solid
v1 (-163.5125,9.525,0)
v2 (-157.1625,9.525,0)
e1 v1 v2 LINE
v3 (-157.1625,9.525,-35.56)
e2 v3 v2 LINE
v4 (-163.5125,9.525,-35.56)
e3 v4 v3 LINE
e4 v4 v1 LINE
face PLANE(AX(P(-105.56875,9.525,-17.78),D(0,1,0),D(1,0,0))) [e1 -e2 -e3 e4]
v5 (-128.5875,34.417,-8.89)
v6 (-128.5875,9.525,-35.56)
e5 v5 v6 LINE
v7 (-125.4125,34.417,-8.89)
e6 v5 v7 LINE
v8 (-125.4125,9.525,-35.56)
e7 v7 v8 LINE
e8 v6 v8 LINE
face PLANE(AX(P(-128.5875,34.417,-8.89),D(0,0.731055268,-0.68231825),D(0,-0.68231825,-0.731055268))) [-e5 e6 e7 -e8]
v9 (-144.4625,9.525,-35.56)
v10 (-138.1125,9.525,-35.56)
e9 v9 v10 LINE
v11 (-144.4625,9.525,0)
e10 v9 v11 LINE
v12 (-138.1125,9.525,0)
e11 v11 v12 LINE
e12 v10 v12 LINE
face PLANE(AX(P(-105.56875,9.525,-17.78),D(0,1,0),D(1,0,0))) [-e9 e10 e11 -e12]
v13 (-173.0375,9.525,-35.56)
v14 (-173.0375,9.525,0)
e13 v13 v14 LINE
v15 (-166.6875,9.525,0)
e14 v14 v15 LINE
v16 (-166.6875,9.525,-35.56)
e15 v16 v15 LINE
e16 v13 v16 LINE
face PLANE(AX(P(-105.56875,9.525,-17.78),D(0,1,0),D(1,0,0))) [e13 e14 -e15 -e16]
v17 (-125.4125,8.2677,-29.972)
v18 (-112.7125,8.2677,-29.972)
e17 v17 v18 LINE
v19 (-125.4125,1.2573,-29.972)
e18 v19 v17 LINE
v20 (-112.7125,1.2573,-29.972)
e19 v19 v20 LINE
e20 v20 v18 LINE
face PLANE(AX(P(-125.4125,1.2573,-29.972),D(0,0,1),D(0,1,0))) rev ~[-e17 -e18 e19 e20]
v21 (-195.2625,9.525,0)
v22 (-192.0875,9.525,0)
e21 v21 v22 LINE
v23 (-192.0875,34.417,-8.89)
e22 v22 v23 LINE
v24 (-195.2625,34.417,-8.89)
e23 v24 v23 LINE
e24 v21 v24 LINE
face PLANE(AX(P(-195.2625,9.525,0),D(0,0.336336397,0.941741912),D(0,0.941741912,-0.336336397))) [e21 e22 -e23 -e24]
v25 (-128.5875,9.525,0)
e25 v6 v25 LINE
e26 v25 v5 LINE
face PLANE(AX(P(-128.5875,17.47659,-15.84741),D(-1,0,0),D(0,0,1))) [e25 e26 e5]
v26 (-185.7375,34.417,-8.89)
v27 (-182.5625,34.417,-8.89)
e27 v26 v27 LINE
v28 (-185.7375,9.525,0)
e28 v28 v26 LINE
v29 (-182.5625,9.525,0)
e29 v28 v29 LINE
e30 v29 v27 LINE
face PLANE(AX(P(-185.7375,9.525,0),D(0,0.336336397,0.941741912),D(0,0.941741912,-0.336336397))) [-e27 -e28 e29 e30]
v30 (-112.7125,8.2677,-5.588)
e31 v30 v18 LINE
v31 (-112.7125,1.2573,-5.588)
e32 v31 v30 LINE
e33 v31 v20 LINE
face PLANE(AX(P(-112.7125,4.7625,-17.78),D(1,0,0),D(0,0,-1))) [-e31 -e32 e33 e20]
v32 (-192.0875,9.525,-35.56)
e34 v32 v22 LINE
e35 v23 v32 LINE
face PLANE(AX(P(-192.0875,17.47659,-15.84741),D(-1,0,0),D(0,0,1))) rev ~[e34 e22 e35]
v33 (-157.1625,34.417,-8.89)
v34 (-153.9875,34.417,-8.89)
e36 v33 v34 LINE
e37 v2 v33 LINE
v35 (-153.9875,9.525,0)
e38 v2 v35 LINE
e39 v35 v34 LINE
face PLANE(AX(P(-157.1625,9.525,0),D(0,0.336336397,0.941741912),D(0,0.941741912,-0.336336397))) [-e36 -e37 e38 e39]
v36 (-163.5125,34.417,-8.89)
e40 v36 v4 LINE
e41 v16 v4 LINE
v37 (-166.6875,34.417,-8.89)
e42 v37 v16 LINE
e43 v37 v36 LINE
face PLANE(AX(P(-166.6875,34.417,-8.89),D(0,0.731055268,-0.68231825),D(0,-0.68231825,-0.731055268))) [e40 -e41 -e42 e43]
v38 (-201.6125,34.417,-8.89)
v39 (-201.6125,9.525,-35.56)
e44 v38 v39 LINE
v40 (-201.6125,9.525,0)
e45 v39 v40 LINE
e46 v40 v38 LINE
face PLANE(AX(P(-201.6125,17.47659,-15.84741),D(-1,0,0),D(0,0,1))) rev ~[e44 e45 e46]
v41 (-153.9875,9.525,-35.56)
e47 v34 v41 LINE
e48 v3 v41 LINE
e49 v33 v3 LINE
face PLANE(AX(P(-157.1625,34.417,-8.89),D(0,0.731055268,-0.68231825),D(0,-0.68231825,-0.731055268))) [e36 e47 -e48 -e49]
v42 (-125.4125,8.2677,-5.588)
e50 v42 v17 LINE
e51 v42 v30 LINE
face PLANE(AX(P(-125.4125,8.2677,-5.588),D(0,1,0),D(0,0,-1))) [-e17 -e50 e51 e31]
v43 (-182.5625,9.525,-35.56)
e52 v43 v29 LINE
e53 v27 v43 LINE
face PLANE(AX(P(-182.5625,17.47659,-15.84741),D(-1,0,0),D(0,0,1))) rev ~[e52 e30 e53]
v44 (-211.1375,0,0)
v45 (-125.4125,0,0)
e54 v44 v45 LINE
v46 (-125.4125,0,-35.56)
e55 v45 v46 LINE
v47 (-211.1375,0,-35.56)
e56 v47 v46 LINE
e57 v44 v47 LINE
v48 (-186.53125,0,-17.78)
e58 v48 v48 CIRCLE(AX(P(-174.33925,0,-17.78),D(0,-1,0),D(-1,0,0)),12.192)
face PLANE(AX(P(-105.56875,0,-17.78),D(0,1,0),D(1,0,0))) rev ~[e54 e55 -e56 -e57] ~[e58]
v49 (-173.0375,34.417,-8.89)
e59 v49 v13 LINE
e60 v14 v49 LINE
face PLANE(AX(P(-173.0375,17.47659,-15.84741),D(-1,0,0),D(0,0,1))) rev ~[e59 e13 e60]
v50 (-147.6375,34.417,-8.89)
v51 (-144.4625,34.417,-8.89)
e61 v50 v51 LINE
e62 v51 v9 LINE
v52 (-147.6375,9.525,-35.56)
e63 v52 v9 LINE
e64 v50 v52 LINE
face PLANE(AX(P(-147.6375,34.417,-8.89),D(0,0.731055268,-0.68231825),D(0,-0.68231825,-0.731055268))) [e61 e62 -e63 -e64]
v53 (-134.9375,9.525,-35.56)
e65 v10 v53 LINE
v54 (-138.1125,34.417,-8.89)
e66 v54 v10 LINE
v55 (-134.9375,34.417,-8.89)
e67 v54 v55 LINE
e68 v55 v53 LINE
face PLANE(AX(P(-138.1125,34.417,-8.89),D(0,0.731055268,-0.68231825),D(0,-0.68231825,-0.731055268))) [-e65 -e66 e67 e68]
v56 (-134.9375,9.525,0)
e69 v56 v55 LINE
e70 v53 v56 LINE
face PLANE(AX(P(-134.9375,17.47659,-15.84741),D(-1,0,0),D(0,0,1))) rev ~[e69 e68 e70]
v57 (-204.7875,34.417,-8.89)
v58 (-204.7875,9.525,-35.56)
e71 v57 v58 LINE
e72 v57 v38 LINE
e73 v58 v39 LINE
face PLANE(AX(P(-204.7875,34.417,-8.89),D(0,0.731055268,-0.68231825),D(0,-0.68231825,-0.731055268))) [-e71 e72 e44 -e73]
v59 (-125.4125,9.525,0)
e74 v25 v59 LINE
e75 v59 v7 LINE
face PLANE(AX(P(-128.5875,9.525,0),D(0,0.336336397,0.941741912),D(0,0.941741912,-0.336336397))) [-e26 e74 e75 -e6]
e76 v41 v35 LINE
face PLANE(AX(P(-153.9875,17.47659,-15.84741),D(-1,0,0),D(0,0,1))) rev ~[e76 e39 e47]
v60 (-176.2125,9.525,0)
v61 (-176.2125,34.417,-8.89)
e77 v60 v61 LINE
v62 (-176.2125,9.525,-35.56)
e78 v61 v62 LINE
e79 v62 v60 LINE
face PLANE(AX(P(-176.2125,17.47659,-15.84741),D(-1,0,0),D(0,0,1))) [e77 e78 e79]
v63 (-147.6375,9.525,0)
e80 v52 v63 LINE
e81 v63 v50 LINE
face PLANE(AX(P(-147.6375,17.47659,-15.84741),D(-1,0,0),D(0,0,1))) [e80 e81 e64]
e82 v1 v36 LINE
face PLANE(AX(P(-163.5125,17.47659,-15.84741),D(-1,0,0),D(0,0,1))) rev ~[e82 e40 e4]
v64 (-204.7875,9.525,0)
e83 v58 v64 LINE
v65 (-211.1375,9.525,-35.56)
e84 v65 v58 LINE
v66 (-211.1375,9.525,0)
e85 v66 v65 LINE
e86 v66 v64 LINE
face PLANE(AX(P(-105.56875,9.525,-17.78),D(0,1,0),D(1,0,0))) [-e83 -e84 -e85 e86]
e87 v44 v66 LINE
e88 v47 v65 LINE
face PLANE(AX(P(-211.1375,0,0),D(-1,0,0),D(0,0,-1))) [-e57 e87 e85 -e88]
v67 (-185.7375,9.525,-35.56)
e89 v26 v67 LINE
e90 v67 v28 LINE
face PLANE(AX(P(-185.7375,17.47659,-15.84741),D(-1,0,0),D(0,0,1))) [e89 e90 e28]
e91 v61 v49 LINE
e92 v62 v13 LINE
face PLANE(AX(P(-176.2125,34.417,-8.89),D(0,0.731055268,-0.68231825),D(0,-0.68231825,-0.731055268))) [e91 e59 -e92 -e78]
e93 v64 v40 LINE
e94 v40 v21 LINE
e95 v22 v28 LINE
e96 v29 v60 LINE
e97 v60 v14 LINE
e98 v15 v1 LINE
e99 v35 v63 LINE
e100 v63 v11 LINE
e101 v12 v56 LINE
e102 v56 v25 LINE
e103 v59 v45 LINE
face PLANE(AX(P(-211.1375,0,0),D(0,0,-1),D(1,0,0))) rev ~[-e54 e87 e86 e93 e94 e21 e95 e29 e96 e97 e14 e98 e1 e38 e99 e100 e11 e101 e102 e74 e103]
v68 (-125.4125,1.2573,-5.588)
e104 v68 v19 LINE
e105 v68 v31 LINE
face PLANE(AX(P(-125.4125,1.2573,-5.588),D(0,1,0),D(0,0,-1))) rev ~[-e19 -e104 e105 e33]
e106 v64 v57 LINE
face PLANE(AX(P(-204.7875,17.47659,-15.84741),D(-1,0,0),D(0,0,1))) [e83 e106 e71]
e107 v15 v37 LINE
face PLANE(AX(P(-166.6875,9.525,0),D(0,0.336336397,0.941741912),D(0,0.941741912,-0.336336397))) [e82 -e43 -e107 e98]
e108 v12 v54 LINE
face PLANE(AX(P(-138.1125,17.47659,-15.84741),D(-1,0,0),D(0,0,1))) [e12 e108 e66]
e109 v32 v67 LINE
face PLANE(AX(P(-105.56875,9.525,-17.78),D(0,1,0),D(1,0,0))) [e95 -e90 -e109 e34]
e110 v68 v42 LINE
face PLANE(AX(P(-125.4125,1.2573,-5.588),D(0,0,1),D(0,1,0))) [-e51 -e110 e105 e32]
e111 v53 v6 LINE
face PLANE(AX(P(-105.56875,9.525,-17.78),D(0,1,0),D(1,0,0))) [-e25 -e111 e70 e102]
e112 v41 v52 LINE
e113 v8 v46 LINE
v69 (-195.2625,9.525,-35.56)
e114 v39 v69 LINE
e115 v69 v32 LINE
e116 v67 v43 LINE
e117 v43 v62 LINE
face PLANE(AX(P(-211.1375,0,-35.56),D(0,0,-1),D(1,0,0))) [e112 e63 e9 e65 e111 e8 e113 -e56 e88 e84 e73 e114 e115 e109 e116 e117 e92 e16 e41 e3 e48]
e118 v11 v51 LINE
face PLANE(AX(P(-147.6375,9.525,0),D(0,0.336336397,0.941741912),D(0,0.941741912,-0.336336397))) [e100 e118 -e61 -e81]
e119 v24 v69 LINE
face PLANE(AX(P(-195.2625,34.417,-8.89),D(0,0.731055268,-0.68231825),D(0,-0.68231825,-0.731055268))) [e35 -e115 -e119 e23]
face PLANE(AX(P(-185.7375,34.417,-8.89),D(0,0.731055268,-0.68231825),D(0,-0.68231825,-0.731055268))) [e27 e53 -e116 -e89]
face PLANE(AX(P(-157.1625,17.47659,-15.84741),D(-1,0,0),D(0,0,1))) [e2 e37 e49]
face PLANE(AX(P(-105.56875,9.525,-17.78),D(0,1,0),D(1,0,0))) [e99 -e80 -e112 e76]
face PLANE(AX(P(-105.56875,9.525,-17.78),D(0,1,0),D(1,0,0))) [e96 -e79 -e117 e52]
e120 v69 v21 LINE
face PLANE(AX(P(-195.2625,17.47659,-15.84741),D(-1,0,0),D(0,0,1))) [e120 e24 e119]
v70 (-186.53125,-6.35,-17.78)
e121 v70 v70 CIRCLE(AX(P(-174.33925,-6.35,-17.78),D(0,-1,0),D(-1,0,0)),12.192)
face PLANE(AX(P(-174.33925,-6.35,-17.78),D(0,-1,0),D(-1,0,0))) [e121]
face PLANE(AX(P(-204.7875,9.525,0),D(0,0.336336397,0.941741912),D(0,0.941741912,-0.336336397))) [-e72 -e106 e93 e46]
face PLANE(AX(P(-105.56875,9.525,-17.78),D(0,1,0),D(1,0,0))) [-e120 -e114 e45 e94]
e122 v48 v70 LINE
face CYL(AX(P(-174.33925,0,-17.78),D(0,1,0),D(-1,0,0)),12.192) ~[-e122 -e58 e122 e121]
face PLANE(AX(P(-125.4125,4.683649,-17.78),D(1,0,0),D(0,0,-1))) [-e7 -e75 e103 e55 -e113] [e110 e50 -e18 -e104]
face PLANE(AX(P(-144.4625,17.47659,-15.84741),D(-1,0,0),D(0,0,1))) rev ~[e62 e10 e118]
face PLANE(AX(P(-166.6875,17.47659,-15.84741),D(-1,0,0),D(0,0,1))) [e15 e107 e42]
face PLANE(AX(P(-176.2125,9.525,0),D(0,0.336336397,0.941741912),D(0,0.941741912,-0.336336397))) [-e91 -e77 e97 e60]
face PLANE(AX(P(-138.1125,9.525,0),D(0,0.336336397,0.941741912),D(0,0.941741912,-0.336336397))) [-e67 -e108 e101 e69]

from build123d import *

# Parameters (mm, degrees)
SKETCH1_W           = 211.1375
SKETCH1_H           = 35.56
BOSS_EXTRUDE1_DEPTH = 9.525
SKETCH6_R           = 12.192
BOSS_EXTRUDE4_DEPTH = 6.35
BOSS_EXTRUDE5_DEPTH = 3.175
LPATTERN1_COUNT     = 22
LPATTERN1_PITCH     = 9.525
SKETCH10_W          = 59.980257814
SKETCH10_H          = 67.271975432
CUT_EXTRUDE1_DEPTH  = 125.4125
SKETCH11_W          = 24.384
SKETCH11_H          = 7.0104
BOSS_EXTRUDE6_DEPTH = 12.7


with BuildPart() as part:
    # Sketch1 → Boss-Extrude1 (new body)
    with BuildSketch(Plane(origin=(0, 0, 0), x_dir=(1, 0, 0), z_dir=(0, 1, 0))):
        with Locations((-105.56875, 17.78)):
            Rectangle(SKETCH1_W, SKETCH1_H)
    extrude(amount=BOSS_EXTRUDE1_DEPTH)

    # Sketch6 → Boss-Extrude4 (add)
    with BuildSketch(Plane(origin=(0, 0, 0), x_dir=(-1, 0, 0), z_dir=(0, -1, 0))):
        with Locations((105.56875, 17.78)):
            Circle(SKETCH6_R)
        with Locations((36.79825, 17.78)):
            Circle(SKETCH6_R)
        with Locations((174.33925, 17.78)):
            Circle(SKETCH6_R)
    extrude(amount=BOSS_EXTRUDE4_DEPTH)

    # Sketch9 → Boss-Extrude5 (add)
    with BuildSketch(Plane.ZY.offset(204.7875)):
        Polygon((-35.56, 9.525), (0, 9.525), (-8.89, 34.417), align=None)
    boss_extrude5 = extrude(amount=-BOSS_EXTRUDE5_DEPTH)

    # LPattern1: Boss-Extrude5 ×22
    with Locations(*[(i * LPATTERN1_PITCH, 0, 0) for i in range(1, LPATTERN1_COUNT)]):
        add(boss_extrude5)

    # Sketch10 → Cut-Extrude1 (cut)
    with BuildSketch(Plane(origin=(0, 0, 0), x_dir=(0, 0, -1), z_dir=(1, 0, 0))):
        with Locations((17.78, 4.683648782)):
            Rectangle(SKETCH10_W, SKETCH10_H)
    extrude(amount=-CUT_EXTRUDE1_DEPTH, mode=Mode.SUBTRACT)

    # Sketch11 → Boss-Extrude6 (add)
    with BuildSketch(Plane(origin=(-125.4125, 0, 0), x_dir=(0, 0, -1), z_dir=(1, 0, 0))):
        with Locations((17.78, 4.7625)):
            Rectangle(SKETCH11_W, SKETCH11_H)
    extrude(amount=BOSS_EXTRUDE6_DEPTH)


solid = part.part
